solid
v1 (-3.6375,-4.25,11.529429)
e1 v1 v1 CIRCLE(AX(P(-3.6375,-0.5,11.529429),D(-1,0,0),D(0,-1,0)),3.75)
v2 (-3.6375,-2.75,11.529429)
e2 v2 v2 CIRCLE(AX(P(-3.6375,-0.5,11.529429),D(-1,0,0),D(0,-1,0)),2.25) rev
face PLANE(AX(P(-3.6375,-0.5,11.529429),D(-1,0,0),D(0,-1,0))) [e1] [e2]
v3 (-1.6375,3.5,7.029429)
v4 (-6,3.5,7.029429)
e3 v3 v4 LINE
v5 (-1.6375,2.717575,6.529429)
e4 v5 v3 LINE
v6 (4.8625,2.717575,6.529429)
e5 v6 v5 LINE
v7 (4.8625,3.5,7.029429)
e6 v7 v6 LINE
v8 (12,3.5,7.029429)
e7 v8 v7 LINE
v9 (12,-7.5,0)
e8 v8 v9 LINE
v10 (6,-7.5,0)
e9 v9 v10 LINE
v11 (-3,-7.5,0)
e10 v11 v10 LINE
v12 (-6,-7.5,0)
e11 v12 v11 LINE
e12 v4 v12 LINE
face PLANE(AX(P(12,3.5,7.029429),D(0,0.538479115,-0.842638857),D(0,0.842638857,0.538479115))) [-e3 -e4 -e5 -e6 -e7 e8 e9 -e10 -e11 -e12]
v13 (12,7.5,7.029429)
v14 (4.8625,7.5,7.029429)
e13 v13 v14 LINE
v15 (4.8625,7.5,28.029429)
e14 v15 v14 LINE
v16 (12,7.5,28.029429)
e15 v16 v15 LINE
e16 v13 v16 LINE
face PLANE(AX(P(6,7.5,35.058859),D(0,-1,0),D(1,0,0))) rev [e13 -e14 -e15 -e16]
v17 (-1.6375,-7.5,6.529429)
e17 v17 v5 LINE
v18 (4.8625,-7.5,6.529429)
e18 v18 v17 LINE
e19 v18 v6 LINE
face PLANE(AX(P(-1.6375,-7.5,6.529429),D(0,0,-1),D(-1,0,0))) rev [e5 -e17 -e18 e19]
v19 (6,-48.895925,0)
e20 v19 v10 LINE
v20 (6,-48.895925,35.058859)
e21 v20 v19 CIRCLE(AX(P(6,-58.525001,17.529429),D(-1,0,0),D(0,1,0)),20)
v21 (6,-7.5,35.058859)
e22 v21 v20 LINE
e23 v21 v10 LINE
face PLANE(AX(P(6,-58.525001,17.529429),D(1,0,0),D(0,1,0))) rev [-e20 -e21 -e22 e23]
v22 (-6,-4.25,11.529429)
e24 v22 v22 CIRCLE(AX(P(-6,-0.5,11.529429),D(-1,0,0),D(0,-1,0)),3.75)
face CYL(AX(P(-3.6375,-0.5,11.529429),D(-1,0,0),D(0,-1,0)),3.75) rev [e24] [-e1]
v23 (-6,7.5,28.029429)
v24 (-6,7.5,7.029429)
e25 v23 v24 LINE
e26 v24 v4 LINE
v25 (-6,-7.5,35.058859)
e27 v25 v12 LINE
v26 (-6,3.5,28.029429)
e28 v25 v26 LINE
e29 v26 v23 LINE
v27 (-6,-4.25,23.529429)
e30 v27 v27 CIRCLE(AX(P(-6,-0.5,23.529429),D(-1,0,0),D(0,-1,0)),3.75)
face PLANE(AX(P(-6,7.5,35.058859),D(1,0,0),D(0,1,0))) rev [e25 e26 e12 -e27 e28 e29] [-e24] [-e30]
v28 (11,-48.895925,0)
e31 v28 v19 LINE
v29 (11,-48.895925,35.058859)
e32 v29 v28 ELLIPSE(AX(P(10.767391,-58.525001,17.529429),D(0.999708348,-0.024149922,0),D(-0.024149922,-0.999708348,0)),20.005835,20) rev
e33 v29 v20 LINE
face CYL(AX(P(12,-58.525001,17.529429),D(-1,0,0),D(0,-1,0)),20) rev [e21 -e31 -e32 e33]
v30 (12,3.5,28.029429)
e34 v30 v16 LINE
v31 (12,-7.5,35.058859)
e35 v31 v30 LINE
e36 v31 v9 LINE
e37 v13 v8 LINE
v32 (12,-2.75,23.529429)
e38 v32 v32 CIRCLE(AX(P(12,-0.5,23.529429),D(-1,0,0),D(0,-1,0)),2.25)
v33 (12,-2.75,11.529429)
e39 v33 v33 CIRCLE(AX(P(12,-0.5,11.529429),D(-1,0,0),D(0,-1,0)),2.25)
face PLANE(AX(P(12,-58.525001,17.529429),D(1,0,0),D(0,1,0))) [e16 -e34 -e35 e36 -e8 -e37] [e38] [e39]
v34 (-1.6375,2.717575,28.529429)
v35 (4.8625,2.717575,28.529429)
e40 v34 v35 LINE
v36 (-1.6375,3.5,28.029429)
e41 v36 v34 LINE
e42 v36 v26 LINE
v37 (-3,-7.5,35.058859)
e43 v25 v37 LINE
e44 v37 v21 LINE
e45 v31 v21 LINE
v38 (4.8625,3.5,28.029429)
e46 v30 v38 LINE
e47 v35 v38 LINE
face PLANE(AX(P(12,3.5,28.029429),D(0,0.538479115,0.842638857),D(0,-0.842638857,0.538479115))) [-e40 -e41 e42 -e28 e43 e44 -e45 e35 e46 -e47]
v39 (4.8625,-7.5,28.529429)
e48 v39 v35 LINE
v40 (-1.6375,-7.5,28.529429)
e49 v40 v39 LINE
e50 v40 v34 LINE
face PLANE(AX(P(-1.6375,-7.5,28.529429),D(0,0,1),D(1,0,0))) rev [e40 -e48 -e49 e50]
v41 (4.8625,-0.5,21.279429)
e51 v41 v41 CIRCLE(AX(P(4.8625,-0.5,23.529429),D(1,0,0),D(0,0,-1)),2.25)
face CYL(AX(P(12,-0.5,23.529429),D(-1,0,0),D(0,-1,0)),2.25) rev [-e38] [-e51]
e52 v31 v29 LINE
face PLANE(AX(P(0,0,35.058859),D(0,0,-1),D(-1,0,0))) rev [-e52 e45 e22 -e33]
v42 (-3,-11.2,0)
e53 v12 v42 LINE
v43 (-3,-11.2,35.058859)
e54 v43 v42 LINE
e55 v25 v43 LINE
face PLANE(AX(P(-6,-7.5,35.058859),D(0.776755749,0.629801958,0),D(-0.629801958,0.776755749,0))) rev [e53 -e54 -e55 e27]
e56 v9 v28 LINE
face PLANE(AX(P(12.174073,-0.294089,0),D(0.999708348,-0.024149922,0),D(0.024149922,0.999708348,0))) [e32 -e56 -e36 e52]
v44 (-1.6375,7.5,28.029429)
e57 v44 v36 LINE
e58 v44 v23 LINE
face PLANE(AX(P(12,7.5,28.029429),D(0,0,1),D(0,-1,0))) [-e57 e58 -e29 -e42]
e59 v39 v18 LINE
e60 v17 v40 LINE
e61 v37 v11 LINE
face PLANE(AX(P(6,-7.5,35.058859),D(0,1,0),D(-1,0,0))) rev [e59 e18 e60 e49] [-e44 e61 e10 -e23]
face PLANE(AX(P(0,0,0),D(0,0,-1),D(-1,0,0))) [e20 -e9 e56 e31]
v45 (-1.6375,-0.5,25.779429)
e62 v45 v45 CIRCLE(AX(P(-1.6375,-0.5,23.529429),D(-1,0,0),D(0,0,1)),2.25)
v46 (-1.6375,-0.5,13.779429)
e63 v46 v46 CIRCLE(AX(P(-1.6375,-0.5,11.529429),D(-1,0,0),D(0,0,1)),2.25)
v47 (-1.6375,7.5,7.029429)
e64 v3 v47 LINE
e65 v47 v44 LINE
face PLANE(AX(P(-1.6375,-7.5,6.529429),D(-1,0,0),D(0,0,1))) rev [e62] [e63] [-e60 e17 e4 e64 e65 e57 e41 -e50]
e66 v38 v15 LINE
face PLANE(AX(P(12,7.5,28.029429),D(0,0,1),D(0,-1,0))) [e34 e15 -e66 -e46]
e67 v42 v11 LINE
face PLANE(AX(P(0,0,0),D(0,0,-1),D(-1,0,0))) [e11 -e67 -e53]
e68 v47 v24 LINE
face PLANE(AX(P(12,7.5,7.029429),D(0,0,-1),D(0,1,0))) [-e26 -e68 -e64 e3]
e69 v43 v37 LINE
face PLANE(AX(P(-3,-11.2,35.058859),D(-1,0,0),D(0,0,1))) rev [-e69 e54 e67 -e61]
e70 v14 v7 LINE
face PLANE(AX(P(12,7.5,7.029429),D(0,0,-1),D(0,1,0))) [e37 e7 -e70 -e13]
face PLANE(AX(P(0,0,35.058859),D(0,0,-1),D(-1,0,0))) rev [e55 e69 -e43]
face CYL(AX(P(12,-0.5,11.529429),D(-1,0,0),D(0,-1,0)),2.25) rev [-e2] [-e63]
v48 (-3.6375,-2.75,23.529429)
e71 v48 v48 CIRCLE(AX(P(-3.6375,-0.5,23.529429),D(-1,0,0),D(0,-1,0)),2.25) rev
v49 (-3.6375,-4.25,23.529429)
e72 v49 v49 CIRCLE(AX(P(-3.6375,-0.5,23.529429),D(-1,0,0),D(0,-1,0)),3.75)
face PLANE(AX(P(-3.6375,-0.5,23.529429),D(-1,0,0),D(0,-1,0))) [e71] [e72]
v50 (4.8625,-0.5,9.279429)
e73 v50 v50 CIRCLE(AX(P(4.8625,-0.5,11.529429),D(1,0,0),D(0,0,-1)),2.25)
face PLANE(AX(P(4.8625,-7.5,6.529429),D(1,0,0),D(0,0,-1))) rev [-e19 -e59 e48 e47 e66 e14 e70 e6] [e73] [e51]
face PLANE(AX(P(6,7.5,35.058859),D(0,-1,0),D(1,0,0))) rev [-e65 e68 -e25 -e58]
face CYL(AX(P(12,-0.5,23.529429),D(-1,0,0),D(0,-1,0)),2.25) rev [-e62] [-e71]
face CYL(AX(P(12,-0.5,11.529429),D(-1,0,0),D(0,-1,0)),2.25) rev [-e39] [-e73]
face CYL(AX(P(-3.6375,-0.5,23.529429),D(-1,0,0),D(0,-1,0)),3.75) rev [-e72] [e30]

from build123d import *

# Parameters (mm, degrees)
GRIPPER_ATTACHMENT_BASE_SKETCH_W   = 12
GRIPPER_ATTACHMENT_BASE_SKETCH_H   = 15
GRIPPER_ATTACHMENT_BASE_DEPTH      = 35.0588586
THICKENER_BASE_DEPTH               = 6
THICKNESS_CUTOFF_SKETCH_W          = 51.475312709
THICKNESS_CUTOFF_SKETCH_H          = 66.937611181
THICKNESS_CUTOFF_DEPTH             = 63.622352222
EXCESS_MATERIAL_CUTOFF_DEPTH       = 530.479784495
EXCESS_MATERIAL_CUTOFF_DEPTH_BACK  = 530.479784495
FINGER_CAVITY_CUTOUT_SKETCH_W      = 6.5
FINGER_CAVITY_CUTOUT_SKETCH_H      = 22
FINGER_CAVITY_CUTOUT_DEPTH         = 15
SCREW_THROUGH_HOLES_SKETCH_R       = 2.25
SCREW_THROUGH_HOLES_DEPTH          = 63.800756824
SOCKET_RECESSES_SKETCH_R           = 3.75
SOCKET_RECESSES_DEPTH              = 2.3625
SHAPING_TO_ELECTRONICS_PLATE_DEPTH = 35.058859


with BuildPart() as part:
    # Gripper Attachment Base Sketch → Gripper Attachment Base (new body)
    with BuildSketch(Plane.XY):
        Rectangle(GRIPPER_ATTACHMENT_BASE_SKETCH_W, GRIPPER_ATTACHMENT_BASE_SKETCH_H)
    extrude(amount=GRIPPER_ATTACHMENT_BASE_DEPTH)

    # Thickener Base Sketch → Thickener Base (add)
    with BuildSketch(Plane(origin=(6, 0, 0), x_dir=(0, 0, -1), z_dir=(1, 0, 0))):
        with BuildLine():
            Line((0, 7.5), (-35.0588586, 7.5))
            Line((-35.0588586, 7.5), (-35.0588586, -48.8959251))
            ThreePointArc((-35.0588586, -48.8959251), (-17.5294293, -38.525001297), (0, -48.8959251))
            Line((0, -48.8959251), (0, 7.5))
        make_face()
    extrude(amount=THICKENER_BASE_DEPTH)

    # Thickness Cutoff Sketch → Thickness Cutoff (cut, through all)
    with BuildSketch(Plane(origin=(12.174072963, -0.29408868, 0), x_dir=(0, 0, -1), z_dir=(0.9997083481115524, -0.02414992165766464, 0))):
        with Locations((-17.603923241, -21.483184787)):
            Rectangle(THICKNESS_CUTOFF_SKETCH_W, THICKNESS_CUTOFF_SKETCH_H)
    extrude(amount=THICKNESS_CUTOFF_DEPTH, mode=Mode.SUBTRACT)

    # Excess Material Cutoff Sketch → Excess Material Cutoff (cut, two sides: drawn at the far end of the back side and taken through both)
    with BuildSketch(Plane(origin=(0, -520.681520523, 0), x_dir=(0, 0, 1), z_dir=(1, 0, 0)).offset(-EXCESS_MATERIAL_CUTOFF_DEPTH_BACK)):
        Polygon((7.0294293, -528.181520523), (0, -528.181520523), (0, -513.181520523), (7.0294293, -524.181520523), align=None)
        Polygon((28.0294293, -528.181520523), (35.0588586, -528.181520523), (35.0588586, -513.181520523), (28.0294293, -524.181520523), align=None)
    extrude(amount=EXCESS_MATERIAL_CUTOFF_DEPTH + EXCESS_MATERIAL_CUTOFF_DEPTH_BACK, mode=Mode.SUBTRACT)

    # Finger Cavity Cutout Sketch → Finger Cavity Cutout (cut)
    with BuildSketch(Plane(origin=(0, 7.5, 0), x_dir=(1, 0, 0), z_dir=(0, 1, 0))):
        with Locations((1.6125, -17.5294293)):
            Rectangle(FINGER_CAVITY_CUTOUT_SKETCH_W, FINGER_CAVITY_CUTOUT_SKETCH_H)
    extrude(amount=-FINGER_CAVITY_CUTOUT_DEPTH, mode=Mode.SUBTRACT)

    # Screw Through-Holes Sketch → Screw Through-Holes (cut, through all)
    with BuildSketch(Plane.ZY.offset(6)):
        with Locations(Location((11.5294293, -0.5, 0), (0, 0, 270))):
            Circle(SCREW_THROUGH_HOLES_SKETCH_R)
        with Locations(Location((23.5294293, -0.5, 0), (0, 0, 270))):
            Circle(SCREW_THROUGH_HOLES_SKETCH_R)
    extrude(amount=-SCREW_THROUGH_HOLES_DEPTH, mode=Mode.SUBTRACT)

    # Socket Recesses Sketch → Socket Recesses (cut)
    with BuildSketch(Plane.ZY.offset(6)):
        with Locations(Location((11.5294293, -0.5, 0), (0, 0, 270))):
            Circle(SOCKET_RECESSES_SKETCH_R)
        with Locations(Location((23.5294293, -0.5, 0), (0, 0, 270))):
            Circle(SOCKET_RECESSES_SKETCH_R)
    extrude(amount=-SOCKET_RECESSES_DEPTH, mode=Mode.SUBTRACT)

    # Shaping to Electronics Plate Sketch → Shaping to Electronics Plate (add, through all)
    with BuildSketch(Plane.XY):
        Polygon((-6, -7.5), (-3, -11.2), (-3, -7.5), align=None)
    extrude(amount=SHAPING_TO_ELECTRONICS_PLATE_DEPTH)


solid = part.part
